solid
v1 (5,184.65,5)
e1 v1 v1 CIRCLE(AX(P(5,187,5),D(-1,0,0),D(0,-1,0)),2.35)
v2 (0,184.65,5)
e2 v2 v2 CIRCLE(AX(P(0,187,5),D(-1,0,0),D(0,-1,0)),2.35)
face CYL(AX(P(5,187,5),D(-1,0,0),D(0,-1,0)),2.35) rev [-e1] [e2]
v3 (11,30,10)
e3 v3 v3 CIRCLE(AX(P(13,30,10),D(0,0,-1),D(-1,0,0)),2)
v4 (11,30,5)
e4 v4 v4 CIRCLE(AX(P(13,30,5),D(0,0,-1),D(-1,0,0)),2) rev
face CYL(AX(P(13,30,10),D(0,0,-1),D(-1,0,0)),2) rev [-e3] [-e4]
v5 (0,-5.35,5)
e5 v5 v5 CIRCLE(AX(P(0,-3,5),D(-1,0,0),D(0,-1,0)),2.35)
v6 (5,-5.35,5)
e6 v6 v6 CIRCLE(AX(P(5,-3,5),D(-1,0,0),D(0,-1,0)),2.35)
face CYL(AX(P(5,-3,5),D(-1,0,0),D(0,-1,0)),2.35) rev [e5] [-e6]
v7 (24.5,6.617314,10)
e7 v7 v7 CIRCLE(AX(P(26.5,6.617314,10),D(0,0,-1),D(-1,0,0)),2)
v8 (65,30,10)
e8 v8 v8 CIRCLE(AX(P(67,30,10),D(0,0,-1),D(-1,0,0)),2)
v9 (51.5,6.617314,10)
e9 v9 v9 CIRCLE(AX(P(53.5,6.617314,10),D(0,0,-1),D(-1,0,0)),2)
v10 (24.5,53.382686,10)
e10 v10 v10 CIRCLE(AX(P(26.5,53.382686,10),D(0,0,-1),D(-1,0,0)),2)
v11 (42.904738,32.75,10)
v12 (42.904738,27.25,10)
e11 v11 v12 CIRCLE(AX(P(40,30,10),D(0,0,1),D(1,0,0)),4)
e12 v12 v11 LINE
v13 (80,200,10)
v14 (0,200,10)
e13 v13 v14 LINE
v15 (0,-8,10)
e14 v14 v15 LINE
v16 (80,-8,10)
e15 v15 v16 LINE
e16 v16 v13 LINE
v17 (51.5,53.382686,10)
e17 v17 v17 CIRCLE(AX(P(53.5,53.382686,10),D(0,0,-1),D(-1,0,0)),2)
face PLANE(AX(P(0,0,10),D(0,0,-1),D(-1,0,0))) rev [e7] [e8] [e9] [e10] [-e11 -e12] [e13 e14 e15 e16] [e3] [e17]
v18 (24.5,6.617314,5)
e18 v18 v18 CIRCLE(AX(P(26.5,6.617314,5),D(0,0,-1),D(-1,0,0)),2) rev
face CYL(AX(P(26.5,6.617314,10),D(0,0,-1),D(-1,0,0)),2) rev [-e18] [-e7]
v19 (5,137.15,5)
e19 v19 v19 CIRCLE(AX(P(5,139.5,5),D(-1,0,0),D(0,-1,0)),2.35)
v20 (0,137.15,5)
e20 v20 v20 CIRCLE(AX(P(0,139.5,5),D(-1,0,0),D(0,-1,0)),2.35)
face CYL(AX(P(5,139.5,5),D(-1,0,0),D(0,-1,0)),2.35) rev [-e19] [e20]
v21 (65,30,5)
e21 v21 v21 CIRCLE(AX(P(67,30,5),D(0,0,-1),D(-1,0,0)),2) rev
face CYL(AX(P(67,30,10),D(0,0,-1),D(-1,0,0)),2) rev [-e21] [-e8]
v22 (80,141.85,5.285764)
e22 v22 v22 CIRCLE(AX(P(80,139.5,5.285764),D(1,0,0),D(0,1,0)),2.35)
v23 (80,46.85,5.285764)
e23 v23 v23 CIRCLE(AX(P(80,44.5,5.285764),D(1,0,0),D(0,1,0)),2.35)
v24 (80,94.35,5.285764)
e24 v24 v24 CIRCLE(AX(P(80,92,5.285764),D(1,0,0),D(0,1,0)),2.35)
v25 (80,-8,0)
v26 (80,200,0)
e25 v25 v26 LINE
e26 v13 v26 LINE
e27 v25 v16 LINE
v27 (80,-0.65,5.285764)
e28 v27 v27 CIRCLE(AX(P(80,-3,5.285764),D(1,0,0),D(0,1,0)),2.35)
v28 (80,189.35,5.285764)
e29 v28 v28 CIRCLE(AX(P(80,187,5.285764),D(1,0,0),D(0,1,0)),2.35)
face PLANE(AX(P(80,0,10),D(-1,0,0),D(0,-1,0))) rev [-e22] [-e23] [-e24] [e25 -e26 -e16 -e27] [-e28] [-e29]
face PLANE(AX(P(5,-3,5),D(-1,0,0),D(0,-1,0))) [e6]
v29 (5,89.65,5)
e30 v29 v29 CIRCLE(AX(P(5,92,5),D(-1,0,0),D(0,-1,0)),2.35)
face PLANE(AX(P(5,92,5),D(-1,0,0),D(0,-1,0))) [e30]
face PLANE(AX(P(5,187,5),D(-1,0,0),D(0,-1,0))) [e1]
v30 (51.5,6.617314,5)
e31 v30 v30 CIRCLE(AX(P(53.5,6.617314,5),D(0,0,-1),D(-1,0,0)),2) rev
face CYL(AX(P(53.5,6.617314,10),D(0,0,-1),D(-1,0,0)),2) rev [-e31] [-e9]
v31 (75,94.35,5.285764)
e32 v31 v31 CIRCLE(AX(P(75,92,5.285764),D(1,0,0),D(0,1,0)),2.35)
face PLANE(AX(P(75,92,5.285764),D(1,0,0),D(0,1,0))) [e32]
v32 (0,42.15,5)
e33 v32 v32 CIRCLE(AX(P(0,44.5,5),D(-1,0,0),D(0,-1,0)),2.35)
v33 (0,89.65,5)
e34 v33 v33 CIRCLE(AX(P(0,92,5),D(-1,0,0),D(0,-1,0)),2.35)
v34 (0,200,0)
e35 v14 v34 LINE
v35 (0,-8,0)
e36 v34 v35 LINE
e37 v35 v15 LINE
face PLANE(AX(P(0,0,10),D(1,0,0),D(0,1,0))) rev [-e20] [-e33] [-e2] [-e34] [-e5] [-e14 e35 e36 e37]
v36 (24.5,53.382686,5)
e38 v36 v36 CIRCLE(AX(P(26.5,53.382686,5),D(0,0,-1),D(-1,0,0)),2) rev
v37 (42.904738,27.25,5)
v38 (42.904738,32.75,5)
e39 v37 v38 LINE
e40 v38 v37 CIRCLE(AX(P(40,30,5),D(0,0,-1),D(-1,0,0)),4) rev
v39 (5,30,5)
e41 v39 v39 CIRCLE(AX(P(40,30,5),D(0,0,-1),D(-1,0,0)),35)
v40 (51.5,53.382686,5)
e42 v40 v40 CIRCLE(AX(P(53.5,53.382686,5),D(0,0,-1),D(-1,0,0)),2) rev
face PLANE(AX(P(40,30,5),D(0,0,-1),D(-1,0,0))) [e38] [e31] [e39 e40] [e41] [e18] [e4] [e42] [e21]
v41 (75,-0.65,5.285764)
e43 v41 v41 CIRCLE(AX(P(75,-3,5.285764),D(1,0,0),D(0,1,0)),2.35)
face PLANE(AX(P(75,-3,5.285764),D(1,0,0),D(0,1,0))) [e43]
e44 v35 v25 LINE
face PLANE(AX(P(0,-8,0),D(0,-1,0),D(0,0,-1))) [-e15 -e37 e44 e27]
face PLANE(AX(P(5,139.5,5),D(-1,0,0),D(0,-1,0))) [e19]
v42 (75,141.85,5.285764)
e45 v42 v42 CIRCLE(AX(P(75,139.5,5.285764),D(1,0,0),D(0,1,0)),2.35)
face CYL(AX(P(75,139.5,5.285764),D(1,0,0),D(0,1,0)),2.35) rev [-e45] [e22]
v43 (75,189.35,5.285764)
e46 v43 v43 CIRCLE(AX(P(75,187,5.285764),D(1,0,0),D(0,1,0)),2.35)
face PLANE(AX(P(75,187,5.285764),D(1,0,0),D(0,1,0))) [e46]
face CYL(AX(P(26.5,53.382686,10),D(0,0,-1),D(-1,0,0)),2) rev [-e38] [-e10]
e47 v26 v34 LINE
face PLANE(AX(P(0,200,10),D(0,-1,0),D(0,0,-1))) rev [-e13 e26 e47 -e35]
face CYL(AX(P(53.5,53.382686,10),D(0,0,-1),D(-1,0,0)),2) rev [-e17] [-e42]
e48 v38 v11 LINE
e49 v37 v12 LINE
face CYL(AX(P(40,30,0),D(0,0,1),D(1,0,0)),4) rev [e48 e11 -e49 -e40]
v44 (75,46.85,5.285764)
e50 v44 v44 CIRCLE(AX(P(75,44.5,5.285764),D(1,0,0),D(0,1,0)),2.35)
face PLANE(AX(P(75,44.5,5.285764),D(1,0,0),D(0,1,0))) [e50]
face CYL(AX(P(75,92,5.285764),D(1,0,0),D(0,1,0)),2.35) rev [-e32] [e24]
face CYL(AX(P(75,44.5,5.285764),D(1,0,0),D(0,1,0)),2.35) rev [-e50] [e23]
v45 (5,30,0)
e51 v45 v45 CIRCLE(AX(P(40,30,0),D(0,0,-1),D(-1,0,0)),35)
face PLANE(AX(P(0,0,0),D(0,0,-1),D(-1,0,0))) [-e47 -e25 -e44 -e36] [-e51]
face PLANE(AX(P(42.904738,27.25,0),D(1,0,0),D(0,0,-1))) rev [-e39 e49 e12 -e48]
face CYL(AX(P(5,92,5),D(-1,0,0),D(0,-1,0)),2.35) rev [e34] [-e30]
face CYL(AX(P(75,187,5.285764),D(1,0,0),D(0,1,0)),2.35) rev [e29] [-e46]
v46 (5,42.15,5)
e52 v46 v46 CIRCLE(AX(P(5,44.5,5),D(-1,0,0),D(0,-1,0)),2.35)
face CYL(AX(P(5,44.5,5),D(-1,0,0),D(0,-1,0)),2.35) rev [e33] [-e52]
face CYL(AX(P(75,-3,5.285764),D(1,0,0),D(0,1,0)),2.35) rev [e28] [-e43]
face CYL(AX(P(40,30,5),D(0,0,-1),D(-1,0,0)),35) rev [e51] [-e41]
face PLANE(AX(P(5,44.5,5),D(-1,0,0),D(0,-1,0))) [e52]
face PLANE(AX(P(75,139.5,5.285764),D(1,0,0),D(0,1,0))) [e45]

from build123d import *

# Parameters (mm, degrees)
CROQUIS1_W              = 80
CROQUIS1_H              = 200
SALIENTE_EXTRUIR1_DEPTH = 10
CORTAR_EXTRUIR1_DEPTH   = 10
CROQUIS5_R              = 2
CORTAR_EXTRUIR4_DEPTH   = 216.638586528
CROQUIS6_R              = 35
CORTAR_EXTRUIR5_DEPTH   = 5
CROQUIS7_W              = 80
CROQUIS7_H              = 8
SALIENTE_EXTRUIR2_DEPTH = 10
CROQUIS9_R              = 35
CORTAR_EXTRUIR7_DEPTH   = 5
CROQUIS11_R             = 2.35
CORTAR_EXTRUIR8_DEPTH   = 5
CROQUIS12_R             = 2.35
CORTAR_EXTRUIR9_DEPTH   = 5


with BuildPart() as part:
    # Croquis1 → Saliente-Extruir1 (new body)
    with BuildSketch(Plane.XY):
        with Locations((40, 100)):
            Rectangle(CROQUIS1_W, CROQUIS1_H)
    extrude(amount=SALIENTE_EXTRUIR1_DEPTH)

    # Croquis2 → Cortar-Extruir1 (cut)
    with BuildSketch(Plane.XY.offset(10)):
        with BuildLine():
            Line((42.90473751, 27.25), (42.90473751, 32.75))
            ThreePointArc((42.90473751, 32.75), (36, 30), (42.90473751, 27.25))
        make_face()
    extrude(amount=-CORTAR_EXTRUIR1_DEPTH, mode=Mode.SUBTRACT)

    # Croquis5 → Cortar-Extruir4 (cut, through all)
    with BuildSketch(Plane(origin=(0, 0, 0), x_dir=(-1, 0, 0), z_dir=(0, 0, -1))):
        with Locations((-13, 30)):
            Circle(CROQUIS5_R)
        with Locations((-26.5, 6.617314098)):
            Circle(CROQUIS5_R)
        with Locations((-53.5, 6.617314098)):
            Circle(CROQUIS5_R)
        with Locations((-67, 30)):
            Circle(CROQUIS5_R)
        with Locations((-53.5, 53.382685902)):
            Circle(CROQUIS5_R)
        with Locations((-26.5, 53.382685902)):
            Circle(CROQUIS5_R)
    extrude(amount=-CORTAR_EXTRUIR4_DEPTH, mode=Mode.SUBTRACT)

    # Croquis6 → Cortar-Extruir5 (cut)
    with BuildSketch(Plane(origin=(0, 0, 0), x_dir=(-1, 0, 0), z_dir=(0, 0, -1))):
        with Locations((-40, 30)):
            Circle(CROQUIS6_R)
    extrude(amount=-CORTAR_EXTRUIR5_DEPTH, mode=Mode.SUBTRACT)

    # Croquis7 → Saliente-Extruir2 (add)
    with BuildSketch(Plane.XY.offset(10)):
        with Locations((40, -4)):
            Rectangle(CROQUIS7_W, CROQUIS7_H)
    extrude(amount=-SALIENTE_EXTRUIR2_DEPTH)

    # Croquis9 → Cortar-Extruir7 (cut)
    with BuildSketch(Plane(origin=(0, 0, 0), x_dir=(-1, 0, 0), z_dir=(0, 0, -1))):
        with Locations((-40, 30)):
            Circle(CROQUIS9_R)
    extrude(amount=-CORTAR_EXTRUIR7_DEPTH, mode=Mode.SUBTRACT)

    # Croquis11 → Cortar-Extruir8 (cut)
    with BuildSketch(Plane.ZY):
        with Locations(Location((5, 187, 0), (0, 0, 270))):
            Circle(CROQUIS11_R)
        with Locations(Location((5, 139.5, 0), (0, 0, 270))):
            Circle(CROQUIS11_R)
        with Locations(Location((5, 92, 0), (0, 0, 270))):
            Circle(CROQUIS11_R)
        with Locations(Location((5, 44.5, 0), (0, 0, 270))):
            Circle(CROQUIS11_R)
        with Locations(Location((5, -3, 0), (0, 0, 270))):
            Circle(CROQUIS11_R)
    extrude(amount=-CORTAR_EXTRUIR8_DEPTH, mode=Mode.SUBTRACT)

    # Croquis12 → Cortar-Extruir9 (cut)
    with BuildSketch(Plane(origin=(80, 0, 0), x_dir=(0, 0, -1), z_dir=(1, 0, 0))):
        with Locations(Location((-5.28576423, 187, 0), (0, 0, 90))):
            Circle(CROQUIS12_R)
        with Locations(Location((-5.28576423, 139.5, 0), (0, 0, 90))):
            Circle(CROQUIS12_R)
        with Locations(Location((-5.28576423, 92, 0), (0, 0, 90))):
            Circle(CROQUIS12_R)
        with Locations(Location((-5.28576423, 44.5, 0), (0, 0, 90))):
            Circle(CROQUIS12_R)
        with Locations(Location((-5.28576423, -3, 0), (0, 0, 90))):
            Circle(CROQUIS12_R)
    extrude(amount=-CORTAR_EXTRUIR9_DEPTH, mode=Mode.SUBTRACT)


solid = part.part
